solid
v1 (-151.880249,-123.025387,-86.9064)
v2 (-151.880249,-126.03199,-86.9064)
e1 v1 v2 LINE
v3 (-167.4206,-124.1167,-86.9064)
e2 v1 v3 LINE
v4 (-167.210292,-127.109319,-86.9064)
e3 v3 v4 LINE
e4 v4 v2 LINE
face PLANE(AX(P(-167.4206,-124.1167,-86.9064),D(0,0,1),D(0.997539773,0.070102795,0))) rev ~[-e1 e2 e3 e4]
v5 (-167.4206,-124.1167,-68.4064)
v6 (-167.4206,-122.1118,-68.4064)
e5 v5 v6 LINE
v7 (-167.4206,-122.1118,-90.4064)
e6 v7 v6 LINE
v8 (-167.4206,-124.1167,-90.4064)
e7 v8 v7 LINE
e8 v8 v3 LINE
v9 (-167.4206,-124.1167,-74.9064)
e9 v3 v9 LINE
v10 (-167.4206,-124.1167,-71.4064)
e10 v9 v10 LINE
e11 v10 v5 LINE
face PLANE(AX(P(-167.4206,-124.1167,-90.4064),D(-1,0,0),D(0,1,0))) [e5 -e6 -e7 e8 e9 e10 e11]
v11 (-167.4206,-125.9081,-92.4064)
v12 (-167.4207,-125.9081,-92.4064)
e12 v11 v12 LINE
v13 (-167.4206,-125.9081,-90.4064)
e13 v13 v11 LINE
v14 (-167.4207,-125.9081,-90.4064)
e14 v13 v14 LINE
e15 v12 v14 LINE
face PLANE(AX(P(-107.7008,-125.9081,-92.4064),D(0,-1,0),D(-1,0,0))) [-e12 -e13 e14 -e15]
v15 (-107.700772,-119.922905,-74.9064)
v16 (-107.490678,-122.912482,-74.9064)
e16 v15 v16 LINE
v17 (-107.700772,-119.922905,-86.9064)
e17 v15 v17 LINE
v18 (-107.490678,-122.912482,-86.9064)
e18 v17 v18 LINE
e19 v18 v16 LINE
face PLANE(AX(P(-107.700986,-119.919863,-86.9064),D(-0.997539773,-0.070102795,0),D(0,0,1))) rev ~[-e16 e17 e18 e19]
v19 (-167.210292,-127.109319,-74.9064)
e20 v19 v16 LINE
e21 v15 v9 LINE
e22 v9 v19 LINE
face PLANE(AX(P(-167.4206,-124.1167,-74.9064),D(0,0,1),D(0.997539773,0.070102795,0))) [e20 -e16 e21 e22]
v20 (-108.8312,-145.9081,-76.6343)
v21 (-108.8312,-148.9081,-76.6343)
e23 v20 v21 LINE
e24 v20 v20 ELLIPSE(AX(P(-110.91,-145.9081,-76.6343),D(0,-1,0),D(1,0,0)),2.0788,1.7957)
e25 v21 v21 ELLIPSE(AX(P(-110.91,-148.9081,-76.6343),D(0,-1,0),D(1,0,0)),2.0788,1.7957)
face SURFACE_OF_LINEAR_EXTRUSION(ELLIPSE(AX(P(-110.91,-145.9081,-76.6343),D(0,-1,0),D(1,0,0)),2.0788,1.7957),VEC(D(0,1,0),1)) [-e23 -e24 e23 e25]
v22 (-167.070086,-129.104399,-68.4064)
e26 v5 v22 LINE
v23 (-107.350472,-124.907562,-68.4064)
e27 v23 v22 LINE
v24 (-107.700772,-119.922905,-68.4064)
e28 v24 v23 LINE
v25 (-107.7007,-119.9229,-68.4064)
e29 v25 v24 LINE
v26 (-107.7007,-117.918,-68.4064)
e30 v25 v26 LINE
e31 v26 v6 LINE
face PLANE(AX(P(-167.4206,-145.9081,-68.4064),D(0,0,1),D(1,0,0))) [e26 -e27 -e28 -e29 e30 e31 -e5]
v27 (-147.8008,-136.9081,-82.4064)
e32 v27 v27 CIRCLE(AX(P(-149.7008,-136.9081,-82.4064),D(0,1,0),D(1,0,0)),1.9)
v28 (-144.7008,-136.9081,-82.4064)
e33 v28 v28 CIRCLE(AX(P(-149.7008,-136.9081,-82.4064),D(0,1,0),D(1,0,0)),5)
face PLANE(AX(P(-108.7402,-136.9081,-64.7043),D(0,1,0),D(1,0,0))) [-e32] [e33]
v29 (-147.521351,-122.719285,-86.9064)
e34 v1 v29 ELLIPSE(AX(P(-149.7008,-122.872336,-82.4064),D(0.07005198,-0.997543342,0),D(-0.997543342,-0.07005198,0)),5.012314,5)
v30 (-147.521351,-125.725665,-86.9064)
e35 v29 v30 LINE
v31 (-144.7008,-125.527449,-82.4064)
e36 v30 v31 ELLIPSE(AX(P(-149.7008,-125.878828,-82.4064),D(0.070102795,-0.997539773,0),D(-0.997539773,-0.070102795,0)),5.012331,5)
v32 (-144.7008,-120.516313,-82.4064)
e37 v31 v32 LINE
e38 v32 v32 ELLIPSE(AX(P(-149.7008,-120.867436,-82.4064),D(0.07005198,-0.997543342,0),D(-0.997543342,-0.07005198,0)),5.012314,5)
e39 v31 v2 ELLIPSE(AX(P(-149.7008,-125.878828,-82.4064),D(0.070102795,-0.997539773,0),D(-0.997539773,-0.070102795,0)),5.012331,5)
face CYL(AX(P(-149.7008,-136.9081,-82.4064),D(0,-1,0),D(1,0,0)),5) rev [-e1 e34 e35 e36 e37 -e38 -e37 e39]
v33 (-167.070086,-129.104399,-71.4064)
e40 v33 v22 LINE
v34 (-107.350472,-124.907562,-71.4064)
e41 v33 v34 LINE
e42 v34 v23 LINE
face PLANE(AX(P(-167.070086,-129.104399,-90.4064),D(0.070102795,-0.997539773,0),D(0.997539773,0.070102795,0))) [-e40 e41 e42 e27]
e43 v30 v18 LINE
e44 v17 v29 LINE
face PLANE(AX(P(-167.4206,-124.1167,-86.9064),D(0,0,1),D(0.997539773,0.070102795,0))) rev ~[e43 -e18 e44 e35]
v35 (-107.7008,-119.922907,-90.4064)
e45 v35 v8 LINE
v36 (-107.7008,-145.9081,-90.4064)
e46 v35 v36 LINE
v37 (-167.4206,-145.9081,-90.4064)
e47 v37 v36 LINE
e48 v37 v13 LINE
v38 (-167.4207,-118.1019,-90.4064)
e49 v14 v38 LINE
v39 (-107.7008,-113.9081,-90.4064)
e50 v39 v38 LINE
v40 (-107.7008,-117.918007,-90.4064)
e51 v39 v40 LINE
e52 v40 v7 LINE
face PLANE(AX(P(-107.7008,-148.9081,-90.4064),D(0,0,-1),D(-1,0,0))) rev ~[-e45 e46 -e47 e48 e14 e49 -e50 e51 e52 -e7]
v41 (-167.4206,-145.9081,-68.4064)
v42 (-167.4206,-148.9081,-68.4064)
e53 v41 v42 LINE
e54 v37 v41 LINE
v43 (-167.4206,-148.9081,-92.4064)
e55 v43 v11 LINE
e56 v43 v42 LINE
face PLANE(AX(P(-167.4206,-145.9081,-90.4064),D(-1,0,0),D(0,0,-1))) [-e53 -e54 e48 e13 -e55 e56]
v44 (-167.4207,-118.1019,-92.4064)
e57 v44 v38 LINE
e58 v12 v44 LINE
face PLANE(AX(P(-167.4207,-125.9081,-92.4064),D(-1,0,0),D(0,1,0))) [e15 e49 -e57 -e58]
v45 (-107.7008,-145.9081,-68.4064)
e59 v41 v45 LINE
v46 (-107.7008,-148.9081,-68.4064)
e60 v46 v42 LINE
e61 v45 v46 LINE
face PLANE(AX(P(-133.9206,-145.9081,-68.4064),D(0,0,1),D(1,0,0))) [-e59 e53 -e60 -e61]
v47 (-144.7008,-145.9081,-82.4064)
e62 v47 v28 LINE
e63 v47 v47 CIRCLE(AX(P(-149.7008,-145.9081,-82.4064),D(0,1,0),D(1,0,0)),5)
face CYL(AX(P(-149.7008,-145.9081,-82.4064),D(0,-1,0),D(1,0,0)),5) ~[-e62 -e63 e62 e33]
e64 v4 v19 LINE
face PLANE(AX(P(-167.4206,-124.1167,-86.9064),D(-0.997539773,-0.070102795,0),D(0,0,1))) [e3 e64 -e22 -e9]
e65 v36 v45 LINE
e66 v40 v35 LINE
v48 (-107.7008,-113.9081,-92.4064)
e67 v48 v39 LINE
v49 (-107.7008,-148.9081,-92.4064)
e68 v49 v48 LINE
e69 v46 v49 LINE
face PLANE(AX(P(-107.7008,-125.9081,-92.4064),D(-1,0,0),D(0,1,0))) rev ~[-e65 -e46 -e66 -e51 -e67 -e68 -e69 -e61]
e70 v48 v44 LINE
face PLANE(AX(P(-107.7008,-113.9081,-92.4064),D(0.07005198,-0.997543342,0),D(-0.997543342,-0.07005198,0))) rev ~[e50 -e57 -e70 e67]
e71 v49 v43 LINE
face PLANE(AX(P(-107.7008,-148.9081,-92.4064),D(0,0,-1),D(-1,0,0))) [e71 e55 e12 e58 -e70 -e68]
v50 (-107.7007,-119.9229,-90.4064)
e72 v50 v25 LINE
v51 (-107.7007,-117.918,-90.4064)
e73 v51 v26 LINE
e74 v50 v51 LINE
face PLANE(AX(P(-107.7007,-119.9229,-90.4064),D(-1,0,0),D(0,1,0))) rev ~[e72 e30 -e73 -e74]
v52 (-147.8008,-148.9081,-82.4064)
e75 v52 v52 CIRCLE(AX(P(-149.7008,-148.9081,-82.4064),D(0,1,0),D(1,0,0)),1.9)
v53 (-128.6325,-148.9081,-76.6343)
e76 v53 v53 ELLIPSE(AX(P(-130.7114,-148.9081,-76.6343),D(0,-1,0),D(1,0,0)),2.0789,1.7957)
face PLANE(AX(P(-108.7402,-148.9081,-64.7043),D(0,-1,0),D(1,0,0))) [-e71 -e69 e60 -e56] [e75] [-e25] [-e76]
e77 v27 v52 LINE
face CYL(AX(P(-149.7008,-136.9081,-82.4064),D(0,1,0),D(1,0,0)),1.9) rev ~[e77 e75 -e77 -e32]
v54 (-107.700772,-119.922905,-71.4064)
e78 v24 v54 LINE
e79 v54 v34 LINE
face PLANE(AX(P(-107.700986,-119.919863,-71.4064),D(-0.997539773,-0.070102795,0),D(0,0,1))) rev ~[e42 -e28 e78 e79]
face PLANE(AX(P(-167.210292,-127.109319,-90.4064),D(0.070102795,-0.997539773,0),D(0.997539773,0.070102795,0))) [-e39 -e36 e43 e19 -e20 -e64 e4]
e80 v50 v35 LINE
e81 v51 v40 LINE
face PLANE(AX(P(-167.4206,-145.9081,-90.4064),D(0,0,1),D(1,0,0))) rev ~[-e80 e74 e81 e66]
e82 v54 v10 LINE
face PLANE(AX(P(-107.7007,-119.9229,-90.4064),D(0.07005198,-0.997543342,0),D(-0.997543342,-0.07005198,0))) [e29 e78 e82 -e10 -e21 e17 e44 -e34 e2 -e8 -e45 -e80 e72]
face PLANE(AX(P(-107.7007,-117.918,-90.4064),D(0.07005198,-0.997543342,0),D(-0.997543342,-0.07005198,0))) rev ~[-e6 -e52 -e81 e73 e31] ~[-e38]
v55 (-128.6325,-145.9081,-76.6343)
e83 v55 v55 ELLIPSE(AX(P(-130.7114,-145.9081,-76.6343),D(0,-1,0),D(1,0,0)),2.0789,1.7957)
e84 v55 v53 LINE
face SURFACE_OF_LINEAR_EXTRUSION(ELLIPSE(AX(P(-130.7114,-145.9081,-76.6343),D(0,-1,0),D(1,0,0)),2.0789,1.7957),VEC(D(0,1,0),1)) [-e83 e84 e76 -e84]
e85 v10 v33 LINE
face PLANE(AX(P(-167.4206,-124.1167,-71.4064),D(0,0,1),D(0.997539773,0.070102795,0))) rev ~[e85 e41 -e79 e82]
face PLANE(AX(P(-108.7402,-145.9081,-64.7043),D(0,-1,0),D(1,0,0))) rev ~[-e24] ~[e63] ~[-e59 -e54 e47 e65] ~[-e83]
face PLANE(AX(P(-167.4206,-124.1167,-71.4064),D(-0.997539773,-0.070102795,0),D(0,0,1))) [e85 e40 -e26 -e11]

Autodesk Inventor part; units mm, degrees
ref_plane "YZ Plane" through (0, 0, 0) normal (1, 0, 0) x (0, 1, 0)
ref_plane "XZ Plane" through (0, 0, 0) normal (0, 1, 0) x (-1, 0, 0)
ref_plane "XY Plane" through (0, 0, 0) normal (0, 0, 1) x (1, 0, 0)
ref_plane "작업 평면1" through (-108.7402, -145.9081, -64.7043) normal (0, -1, 0) x (1, 0, 0)
sketch "스케치1" plane through (-108.7402, -145.9081, -64.7043) normal (0, -1, 0) x (1, 0, 0)
  ellipse E0 centre (-21.9712, -11.93) end of major axis (-19.8923, -11.93) minor radius 1.7957 projected
  ellipse E1 centre (-2.1698, -11.93) end of major axis (-0.091, -11.93) minor radius 1.7957 projected
  line L0 (-25.1804, -13.5798) -> (-25.1804, 0) projected
  ellipse E2 centre (0, 0) end of major axis (1.0394, 0) minor radius 0.8978 (1.0394, 0) -> (0, 0.8978) ccw projected
  line L1 (1.0394, 0) -> (1.0394, -13.5798) projected
  ellipse E3 centre (-0.2599, -13.5798) end of major axis (1.0394, -13.5798) minor radius 1.1223 (-0.2599, -14.7021) -> (1.0394, -13.5798) ccw projected
  line L2 (-0.2599, -14.7021) -> (-23.8811, -14.7021) projected
  ellipse E4 centre (-23.8811, -13.5798) end of major axis (-22.5818, -13.5798) minor radius 1.1223 (-25.1804, -13.5798) -> (-23.8811, -14.7021) ccw projected
  line L3 (-25.1804, -13.5798) -> (-25.1804, 0) projected
  ellipse E5 centre (-24.141, 0) end of major axis (-25.1804, 0) minor radius 0.8978 (-24.141, 0.8978) -> (-25.1804, 0) ccw projected
  line L4 (-24.141, 0.8978) -> (0, 0.8978) projected
  ellipse E6 centre (-21.9712, -11.93) end of major axis (-19.3726, -11.93) minor radius 2.2446 projected
  ellipse E7 centre (-2.1698, -11.93) end of major axis (0.4288, -11.93) minor radius 2.2446 projected
  ellipse E8 centre (-23.6213, -0.5275) end of major axis (-22.4194, -0.5275) minor radius 1.0381 projected
  ellipse E9 centre (-20.3211, -0.5275) end of major axis (-19.1192, -0.5275) minor radius 1.0381 projected
  ellipse E10 centre (-17.0208, -0.5275) end of major axis (-15.819, -0.5275) minor radius 1.0381 projected
  ellipse E11 centre (-13.7206, -0.5275) end of major axis (-12.5188, -0.5275) minor radius 1.0381 projected
  ellipse E12 centre (-10.4204, -0.5275) end of major axis (-9.2185, -0.5275) minor radius 1.0381 projected
  ellipse E13 centre (-7.1202, -0.5275) end of major axis (-5.9183, -0.5275) minor radius 1.0381 projected
  ellipse E14 centre (-3.8199, -0.5275) end of major axis (-2.6181, -0.5275) minor radius 1.0381 projected
  ellipse E15 centre (-0.5197, -0.5275) end of major axis (0.6821, -0.5275) minor radius 1.0381 projected
  line L5 (-25.1804, -3.7021) -> (1.0394, -3.7021)
  line L6 (1.0394, -27.7021) -> (-58.6804, -27.7021)
  line L7 (-58.6804, -27.7021) -> (-58.6804, -3.7021)
  line L8 (-58.6804, -3.7021) -> (1.0394, -3.7021)
  line L9 (1.0394, -3.7021) -> (1.0394, -27.7021)
  point P0 (108.7402, 64.7043)
  point P1 (-25.1804, -3.7021)
  point P2 (-25.1804, -3.7021)
  point P3 (1.0394, -13.5798)
  dimension "d0" = 11
  dimension "d3" = 33.5
  dimension "d4" = 13
extrude "돌출1" add sketch "스케치1" along normal blind 3 contours E4 L2 E3 L9 L6 L7 L8 L0 | L0 L5 L1 E3 L2 E4 | E6 | E7
sketch "스케치2" plane through (-108.7402, -145.9081, -64.7043) normal (0, 1, 0) x (1, 0, 0)
  line L0 (1.0394, 27.7021) -> (1.0394, 3.7021) projected
  line L1 (-58.6804, 27.7021) -> (1.0394, 27.7021) projected
  line L2 (-58.6804, 3.7021) -> (-58.6804, 27.7021) projected
  line L3 (1.0394, 27.7021) -> (-58.6804, 27.7021)
  line L4 (-58.6804, 27.7021) -> (-58.6804, 25.7021)
  line L5 (-58.6804, 25.7021) -> (1.0394, 25.7021)
  line L6 (1.0394, 25.7021) -> (1.0394, 27.7021)
  point P0 (108.7402, -64.7043)
  point P1 (1.0394, 25.7021)
  dimension "d5" = 2
extrude "돌출2" add sketch "스케치2" along normal blind 20
sketch "스케치4" plane through (-107.7008, -148.9081, -92.4064) normal (0, 0, -1) x (-1, 0, 0)
  line L0 (0, 23) -> (59.7199, 23) projected
  line L1 (0, 23) -> (0, 35)
  line L2 (0, 35) -> (42.7199, 35) construction
  line L3 (42.7199, 35) -> (42.7199, 32) construction
  line L4 (0, 35) -> (59.7199, 30.8062)
  line L5 (59.7199, 23) -> (59.7199, 40.663)
  point P0 (-107.7008, 148.9081)
  dimension "d11" = 42.7199
  dimension "d12" = 12
  dimension "d13" = 3
extrude "돌출4" add sketch "스케치4" against normal blind 2
sketch "스케치5" plane through (-108.7402, -145.9081, -64.7043) normal (0, 1, 0) x (1, 0, 0)
  line L0 (1.0394, 3.7021) -> (-58.6804, 3.7021) projected
  line L1 (1.0394, 25.7021) -> (1.0394, 3.7021) projected
  circle A0 centre (-40.9606, 17.7021) radius 5
  point P0 (108.7402, -64.7043)
  dimension "d16" = 10
  dimension "d17" = 14
  dimension "d18" = 42
extrude "돌출5" add sketch "스케치5" along normal blind 9
sketch "스케치6" plane through (-167.4206, -145.9081, -90.4064) normal (0, 0, 1) x (1, 0, 0)
  line L0 (59.7199, 0) -> (59.7199, 32) projected
  line L1 (59.7199, 32) -> (0, 27.8062) projected
  line L2 (0, 0) -> (0, 27.8062) projected
  line L3 (59.7199, 25.9852) -> (0, 21.7914)
  line L4 (59.7199, 27.9901) -> (0, 23.7963)
  line L5 (0, 23.7963) -> (0, 21.7914)
  line L6 (59.7199, 27.9901) -> (59.7199, 25.9852)
  point P0 (167.4206, 145.9081)
  point P1 (0, 23.7963)
  dimension "d21" = 6
  dimension "d22" = 2
extrude "돌출6" add sketch "스케치6" along normal up to surface (22 mm away) contours L3 L2 L4 L0
sketch "스케치11" plane through (-167.4206, -124.1167, -90.4064) normal (0.0701, -0.9975, 0) x (0.9975, 0.0701, 0)
  line L0 (59.8669, 22) -> (0, 22) projected
  line L1 (0, 0) -> (0, 22) projected
  line L2 (59.8669, 0) -> (0, 0) projected
  line L3 (59.8669, 0) -> (59.8669, 22) projected
  line L4 (0, 15.5) -> (59.8669, 15.5)
  line L5 (57.8365, 22) -> (-1.7367, 22) projected
  line L6 (0, 3.5) -> (59.8669, 3.5)
  point P0 (175.704, 90.4064)
  dimension "d36" = 6.5
  dimension "d39" = 3.5
extrude "돌출11" add sketch "스케치11" along normal blind 3 contours L3 L6 L1 L4
sketch "스케치7" plane through (-149.7008, -136.9081, -82.4064) normal (0, 1, 0) x (1, 0, 0)
  circle A0 centre (0, 0) radius 5 projected
  circle A1 centre (0, 0) radius 1.9
  point P0 (149.7008, -82.4064)
  dimension "d25" = 3.8
extrude "돌출7" cut sketch "스케치7" against normal through all contours A1
sketch "스케치8" plane through (-149.7008, -136.9081, -82.4064) normal (0, 1, 0) x (1, 0, 0)
  circle A0 centre (0, 0) radius 5 projected
  point P0 (149.7008, -82.4064)
extrude "돌출8" cut sketch "스케치8" along normal blind 16.75
sketch "스케치9" plane through (-167.4206, -124.1167, -90.4064) normal (0.0701, -0.9975, 0) x (0.9975, 0.0701, 0)
  line L0 (59.8669, 22) -> (0, 22) projected
  line L1 (0, 0) -> (0, 22) projected
  line L2 (59.8669, 0) -> (59.8669, 22) projected
  line L3 (0, 19) -> (59.8669, 19)
  point P0 (175.704, 90.4064)
  dimension "d30" = 3
extrude "돌출9" add sketch "스케치9" along normal blind 5
properties part number "IMU_base" material "고무, 검은색"
